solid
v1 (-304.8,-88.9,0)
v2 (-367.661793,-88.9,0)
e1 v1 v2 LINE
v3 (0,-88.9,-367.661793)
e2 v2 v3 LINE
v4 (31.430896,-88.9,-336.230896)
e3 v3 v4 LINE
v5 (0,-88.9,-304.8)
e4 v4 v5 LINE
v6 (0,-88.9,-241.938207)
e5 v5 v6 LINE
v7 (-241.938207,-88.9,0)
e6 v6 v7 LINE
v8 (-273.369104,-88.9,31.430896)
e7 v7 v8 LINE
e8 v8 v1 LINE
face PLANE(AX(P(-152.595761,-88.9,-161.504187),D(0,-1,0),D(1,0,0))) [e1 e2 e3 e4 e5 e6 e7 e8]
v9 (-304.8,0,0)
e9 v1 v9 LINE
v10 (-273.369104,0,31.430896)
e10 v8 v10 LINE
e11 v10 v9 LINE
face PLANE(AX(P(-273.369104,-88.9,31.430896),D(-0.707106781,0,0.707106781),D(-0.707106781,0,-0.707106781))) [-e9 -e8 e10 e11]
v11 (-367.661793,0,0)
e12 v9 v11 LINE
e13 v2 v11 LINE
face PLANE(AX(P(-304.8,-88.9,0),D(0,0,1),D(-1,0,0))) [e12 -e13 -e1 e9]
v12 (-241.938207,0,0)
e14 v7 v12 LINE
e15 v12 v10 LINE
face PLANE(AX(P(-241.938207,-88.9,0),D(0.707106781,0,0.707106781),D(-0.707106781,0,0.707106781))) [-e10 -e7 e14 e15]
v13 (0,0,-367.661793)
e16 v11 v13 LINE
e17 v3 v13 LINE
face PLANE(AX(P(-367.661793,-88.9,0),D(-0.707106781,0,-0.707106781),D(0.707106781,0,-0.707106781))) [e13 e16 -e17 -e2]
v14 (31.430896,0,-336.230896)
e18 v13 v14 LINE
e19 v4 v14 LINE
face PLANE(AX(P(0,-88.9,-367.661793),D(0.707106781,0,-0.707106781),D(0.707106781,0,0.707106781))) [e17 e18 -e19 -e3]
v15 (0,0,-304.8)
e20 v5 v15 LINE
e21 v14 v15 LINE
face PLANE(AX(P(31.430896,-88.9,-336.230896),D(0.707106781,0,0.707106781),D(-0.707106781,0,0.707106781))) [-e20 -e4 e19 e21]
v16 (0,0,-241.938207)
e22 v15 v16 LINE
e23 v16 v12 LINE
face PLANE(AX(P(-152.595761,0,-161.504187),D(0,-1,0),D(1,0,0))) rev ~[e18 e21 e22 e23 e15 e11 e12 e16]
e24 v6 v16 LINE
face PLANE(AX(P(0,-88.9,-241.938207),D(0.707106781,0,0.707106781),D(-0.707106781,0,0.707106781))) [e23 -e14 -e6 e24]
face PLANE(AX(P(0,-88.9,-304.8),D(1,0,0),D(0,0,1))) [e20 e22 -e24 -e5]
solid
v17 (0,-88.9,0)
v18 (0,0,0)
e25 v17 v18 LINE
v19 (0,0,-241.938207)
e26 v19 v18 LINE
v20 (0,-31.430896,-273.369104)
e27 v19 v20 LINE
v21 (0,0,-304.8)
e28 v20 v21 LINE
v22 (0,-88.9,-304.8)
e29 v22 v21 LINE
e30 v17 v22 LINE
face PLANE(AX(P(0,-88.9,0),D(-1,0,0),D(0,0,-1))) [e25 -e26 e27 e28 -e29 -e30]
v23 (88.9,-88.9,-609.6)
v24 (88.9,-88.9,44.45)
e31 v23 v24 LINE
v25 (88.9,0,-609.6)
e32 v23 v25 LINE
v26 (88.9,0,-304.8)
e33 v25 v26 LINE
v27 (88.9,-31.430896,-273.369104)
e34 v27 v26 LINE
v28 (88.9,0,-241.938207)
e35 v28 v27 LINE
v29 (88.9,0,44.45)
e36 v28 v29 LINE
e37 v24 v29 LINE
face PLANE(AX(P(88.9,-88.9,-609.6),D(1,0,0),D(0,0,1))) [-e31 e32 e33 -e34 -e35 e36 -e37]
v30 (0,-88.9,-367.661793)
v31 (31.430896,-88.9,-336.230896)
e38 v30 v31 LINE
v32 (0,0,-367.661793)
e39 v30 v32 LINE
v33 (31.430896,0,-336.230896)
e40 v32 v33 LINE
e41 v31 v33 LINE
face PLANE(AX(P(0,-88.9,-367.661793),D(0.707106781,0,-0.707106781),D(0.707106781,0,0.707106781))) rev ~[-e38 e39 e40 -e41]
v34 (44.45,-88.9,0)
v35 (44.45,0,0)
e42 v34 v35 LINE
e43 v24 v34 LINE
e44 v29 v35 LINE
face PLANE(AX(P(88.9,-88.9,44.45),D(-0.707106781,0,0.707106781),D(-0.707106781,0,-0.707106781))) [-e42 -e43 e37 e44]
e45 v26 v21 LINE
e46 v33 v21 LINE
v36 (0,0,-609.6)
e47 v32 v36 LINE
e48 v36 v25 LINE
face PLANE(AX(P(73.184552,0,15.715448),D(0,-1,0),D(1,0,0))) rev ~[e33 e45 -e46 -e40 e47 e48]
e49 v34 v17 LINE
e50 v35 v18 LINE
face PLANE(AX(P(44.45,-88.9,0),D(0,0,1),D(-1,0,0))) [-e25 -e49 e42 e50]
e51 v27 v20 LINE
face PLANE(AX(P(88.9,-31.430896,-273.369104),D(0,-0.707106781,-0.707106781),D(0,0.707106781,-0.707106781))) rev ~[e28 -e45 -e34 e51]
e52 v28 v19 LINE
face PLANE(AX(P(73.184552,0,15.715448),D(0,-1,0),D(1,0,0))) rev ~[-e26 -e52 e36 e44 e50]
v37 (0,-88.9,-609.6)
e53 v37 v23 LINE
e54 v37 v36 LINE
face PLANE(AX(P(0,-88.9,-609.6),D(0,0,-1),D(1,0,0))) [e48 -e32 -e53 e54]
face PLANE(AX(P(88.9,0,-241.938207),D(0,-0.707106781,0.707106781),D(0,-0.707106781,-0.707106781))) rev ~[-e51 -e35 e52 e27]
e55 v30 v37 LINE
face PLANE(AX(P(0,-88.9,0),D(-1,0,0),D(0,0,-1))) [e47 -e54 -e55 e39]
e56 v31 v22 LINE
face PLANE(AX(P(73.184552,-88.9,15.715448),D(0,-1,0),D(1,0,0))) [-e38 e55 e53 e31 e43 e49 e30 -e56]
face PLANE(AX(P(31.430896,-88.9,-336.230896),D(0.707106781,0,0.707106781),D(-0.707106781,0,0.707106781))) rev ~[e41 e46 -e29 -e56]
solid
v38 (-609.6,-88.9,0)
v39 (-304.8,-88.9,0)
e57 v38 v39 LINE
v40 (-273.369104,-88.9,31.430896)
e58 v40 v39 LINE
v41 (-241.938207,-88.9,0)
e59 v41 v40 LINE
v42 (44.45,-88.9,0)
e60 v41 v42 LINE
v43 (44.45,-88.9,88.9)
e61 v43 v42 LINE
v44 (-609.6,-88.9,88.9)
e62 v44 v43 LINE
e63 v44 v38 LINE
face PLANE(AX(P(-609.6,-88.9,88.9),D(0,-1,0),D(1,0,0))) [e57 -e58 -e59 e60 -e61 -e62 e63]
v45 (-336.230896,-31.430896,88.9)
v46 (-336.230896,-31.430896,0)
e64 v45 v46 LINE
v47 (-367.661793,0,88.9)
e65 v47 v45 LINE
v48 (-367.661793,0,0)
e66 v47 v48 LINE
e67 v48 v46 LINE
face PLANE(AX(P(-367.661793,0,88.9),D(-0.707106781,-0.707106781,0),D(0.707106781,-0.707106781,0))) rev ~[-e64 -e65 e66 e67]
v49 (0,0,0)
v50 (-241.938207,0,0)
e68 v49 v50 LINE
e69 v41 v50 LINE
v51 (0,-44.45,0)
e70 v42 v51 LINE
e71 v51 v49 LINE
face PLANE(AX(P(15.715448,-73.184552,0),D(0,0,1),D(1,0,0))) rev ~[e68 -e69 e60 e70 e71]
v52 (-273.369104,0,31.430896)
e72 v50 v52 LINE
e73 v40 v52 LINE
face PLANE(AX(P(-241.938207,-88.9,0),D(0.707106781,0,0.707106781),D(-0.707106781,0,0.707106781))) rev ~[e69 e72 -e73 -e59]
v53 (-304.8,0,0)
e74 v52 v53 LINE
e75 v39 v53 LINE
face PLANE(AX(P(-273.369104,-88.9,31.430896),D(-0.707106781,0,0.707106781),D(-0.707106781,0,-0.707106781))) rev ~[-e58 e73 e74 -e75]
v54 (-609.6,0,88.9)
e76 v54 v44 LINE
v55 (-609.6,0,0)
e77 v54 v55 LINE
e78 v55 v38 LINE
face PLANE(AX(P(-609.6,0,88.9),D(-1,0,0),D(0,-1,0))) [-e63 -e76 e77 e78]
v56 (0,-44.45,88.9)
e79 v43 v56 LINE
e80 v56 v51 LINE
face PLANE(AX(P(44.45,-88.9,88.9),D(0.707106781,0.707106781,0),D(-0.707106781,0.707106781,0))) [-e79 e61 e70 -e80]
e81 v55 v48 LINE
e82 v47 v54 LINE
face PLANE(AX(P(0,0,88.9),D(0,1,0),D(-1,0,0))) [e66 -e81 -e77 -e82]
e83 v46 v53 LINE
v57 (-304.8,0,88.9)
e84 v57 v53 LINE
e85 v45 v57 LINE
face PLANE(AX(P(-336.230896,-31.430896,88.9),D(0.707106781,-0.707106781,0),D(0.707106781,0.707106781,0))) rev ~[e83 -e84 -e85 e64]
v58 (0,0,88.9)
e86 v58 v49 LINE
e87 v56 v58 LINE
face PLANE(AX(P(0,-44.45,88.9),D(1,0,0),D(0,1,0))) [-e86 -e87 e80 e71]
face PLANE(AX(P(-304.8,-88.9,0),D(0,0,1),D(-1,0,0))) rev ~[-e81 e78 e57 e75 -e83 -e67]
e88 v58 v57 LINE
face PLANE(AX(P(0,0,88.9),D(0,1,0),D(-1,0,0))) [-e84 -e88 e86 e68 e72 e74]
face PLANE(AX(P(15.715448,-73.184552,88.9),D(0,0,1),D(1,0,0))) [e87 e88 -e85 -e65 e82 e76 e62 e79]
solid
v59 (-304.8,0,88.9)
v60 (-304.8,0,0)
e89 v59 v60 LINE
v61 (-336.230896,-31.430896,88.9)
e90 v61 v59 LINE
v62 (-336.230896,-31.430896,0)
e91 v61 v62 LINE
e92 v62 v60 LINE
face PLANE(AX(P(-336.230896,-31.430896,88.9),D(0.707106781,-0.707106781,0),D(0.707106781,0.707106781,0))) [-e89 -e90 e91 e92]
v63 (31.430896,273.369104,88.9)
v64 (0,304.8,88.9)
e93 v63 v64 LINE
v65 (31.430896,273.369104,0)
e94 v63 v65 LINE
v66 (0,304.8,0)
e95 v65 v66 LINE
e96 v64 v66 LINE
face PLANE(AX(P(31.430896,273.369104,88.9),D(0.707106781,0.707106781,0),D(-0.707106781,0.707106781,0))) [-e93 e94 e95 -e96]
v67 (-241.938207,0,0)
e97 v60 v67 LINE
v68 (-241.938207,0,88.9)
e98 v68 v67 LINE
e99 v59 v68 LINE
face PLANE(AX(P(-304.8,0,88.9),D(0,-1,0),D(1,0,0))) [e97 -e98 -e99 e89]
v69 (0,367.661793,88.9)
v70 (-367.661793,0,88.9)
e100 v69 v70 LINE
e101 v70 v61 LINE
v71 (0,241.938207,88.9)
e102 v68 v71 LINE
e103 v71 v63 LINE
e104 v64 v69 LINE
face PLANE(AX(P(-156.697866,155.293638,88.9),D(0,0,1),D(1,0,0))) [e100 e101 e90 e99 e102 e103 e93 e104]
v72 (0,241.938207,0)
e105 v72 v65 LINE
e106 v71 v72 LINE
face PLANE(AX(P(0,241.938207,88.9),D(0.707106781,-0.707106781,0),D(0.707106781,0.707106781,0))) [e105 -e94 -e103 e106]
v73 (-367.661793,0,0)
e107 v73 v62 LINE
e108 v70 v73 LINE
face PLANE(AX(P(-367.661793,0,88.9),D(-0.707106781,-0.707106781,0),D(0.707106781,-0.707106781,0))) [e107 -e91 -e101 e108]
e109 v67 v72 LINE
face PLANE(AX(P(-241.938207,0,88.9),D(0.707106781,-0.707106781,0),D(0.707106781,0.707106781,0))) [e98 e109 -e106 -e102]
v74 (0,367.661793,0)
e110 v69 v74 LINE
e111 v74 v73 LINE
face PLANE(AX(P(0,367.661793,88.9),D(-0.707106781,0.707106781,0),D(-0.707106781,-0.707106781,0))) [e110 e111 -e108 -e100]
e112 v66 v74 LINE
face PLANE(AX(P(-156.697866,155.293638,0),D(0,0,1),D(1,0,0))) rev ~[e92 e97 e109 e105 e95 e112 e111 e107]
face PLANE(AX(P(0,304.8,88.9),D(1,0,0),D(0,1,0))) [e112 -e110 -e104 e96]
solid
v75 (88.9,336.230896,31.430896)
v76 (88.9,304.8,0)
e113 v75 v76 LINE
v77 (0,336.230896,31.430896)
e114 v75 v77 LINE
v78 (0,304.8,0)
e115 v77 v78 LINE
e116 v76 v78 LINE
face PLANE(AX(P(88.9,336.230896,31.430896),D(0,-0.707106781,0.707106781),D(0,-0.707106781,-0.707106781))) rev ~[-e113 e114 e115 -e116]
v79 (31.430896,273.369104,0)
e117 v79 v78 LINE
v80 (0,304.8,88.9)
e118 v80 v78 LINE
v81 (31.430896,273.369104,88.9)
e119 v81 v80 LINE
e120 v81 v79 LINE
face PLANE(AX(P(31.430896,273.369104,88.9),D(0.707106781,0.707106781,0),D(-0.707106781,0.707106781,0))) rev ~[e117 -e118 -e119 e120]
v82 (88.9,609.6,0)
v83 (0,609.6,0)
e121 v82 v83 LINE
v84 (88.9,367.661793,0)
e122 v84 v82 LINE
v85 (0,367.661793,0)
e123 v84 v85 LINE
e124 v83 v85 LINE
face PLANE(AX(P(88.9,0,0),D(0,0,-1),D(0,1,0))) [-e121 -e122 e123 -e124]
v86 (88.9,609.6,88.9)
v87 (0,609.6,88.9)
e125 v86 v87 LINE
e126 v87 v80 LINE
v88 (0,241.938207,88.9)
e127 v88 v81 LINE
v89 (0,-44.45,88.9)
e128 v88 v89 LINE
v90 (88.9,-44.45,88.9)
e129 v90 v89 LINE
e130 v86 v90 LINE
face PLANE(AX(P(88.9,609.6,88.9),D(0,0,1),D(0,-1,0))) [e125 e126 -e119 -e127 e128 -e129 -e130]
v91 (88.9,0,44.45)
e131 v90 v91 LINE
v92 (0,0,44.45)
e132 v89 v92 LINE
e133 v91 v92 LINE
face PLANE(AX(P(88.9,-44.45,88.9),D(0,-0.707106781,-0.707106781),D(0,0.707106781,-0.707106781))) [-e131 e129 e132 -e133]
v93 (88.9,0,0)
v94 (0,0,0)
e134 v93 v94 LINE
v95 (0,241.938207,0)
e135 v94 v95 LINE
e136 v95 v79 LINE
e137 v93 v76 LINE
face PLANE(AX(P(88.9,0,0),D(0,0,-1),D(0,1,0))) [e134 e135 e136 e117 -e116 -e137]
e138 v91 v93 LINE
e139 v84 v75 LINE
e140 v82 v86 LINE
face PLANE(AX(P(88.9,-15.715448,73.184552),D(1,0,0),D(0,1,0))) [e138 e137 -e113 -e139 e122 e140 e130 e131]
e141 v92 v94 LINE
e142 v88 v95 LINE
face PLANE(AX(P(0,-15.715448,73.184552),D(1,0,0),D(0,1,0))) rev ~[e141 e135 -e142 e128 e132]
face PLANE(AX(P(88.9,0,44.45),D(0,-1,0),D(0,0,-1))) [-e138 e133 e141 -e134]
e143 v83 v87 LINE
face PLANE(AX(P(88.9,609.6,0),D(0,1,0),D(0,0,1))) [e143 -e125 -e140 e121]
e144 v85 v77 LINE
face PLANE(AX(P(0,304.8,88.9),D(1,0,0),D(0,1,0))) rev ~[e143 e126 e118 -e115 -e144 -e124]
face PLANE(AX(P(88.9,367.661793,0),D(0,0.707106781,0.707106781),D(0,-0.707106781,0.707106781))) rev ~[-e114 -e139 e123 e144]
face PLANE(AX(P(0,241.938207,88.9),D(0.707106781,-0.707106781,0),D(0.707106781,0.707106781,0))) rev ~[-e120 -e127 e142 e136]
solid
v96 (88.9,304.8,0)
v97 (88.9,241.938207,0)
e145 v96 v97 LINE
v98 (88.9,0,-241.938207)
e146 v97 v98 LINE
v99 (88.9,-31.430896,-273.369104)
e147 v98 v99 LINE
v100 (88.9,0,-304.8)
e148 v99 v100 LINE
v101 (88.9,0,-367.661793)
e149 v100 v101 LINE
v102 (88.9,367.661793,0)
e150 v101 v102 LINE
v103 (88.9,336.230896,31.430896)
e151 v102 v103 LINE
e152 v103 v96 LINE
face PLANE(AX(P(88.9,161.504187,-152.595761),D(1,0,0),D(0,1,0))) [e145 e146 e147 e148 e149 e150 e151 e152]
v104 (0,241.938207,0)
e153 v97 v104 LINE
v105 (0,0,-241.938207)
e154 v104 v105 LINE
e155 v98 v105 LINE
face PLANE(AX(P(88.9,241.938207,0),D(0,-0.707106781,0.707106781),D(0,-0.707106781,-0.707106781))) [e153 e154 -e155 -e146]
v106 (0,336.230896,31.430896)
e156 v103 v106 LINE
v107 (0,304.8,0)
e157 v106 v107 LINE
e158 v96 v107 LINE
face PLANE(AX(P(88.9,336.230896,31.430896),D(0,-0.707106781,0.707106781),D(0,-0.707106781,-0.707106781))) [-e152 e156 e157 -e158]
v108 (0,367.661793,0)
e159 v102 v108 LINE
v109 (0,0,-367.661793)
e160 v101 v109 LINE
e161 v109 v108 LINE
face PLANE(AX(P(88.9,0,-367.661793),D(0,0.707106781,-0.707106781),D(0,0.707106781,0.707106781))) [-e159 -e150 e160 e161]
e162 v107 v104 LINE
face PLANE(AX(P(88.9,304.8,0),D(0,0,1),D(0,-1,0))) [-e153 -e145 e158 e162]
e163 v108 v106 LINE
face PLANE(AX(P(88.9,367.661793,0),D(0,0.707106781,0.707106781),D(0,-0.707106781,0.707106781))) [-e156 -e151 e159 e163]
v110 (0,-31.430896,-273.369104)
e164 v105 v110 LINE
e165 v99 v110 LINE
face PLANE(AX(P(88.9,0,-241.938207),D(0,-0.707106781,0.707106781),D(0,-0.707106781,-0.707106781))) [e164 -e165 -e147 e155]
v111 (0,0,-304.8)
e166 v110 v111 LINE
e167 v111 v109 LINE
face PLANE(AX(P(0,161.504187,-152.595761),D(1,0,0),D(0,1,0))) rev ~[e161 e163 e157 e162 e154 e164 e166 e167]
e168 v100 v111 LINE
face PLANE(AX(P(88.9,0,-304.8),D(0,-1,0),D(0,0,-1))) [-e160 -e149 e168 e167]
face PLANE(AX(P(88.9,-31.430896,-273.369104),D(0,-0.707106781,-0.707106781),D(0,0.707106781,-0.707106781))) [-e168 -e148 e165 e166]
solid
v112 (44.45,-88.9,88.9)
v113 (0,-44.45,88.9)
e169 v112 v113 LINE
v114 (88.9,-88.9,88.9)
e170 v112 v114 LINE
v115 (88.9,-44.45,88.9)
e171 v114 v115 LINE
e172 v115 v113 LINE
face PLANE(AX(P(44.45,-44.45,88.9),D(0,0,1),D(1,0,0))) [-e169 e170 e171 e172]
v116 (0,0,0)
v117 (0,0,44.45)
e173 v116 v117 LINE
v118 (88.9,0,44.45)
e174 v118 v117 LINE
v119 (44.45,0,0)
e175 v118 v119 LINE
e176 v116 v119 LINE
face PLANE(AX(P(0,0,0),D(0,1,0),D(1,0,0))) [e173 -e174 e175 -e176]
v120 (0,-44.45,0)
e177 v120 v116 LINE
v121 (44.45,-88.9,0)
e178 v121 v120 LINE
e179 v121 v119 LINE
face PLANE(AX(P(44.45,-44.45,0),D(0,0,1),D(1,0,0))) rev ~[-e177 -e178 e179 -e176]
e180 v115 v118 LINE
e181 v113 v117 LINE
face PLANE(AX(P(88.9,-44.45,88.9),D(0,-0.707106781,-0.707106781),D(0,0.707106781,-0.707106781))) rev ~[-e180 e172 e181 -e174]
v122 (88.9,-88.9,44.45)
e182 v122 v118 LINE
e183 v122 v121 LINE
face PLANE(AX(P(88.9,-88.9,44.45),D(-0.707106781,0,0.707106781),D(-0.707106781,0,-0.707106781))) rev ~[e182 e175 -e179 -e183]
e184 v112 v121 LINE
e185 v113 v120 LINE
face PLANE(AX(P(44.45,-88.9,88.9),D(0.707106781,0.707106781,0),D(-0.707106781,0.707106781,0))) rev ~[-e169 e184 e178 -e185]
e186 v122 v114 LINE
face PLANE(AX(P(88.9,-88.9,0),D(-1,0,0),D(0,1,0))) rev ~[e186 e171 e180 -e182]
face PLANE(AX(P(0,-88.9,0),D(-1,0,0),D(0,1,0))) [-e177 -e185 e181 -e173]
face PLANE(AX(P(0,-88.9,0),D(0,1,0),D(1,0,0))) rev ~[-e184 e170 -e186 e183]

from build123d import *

# Parameters (mm, degrees)
F0_W      = 88.9
F0_H      = 88.9
F1_DEPTH  = 88.9
F5_DEPTH  = 88.9
F6_DEPTH  = 88.9
F7_DEPTH  = 88.9
F12_DEPTH = 88.9
F13_DEPTH = 88.9
F14_DEPTH = 88.9


with BuildPart() as f1:
    # F0 (on Top) → F1 (new body)
    with BuildSketch(Plane.XY):
        with Locations((44.45, -44.45)):
            Rectangle(F0_W, F0_H)
    extrude(amount=F1_DEPTH)


with BuildPart() as f5:
    # F2 (on face) → F5 (new body)
    with BuildSketch(Plane.XY.offset(88.9)):
        Polygon((44.45, -88.9), (0, -44.45), (0, -88.9), align=None)
        Polygon((0, -88.9), (0, -44.45), (0, 0), (-609.6, 0), (-609.6, -88.9), align=None)
    extrude(amount=-F5_DEPTH)


with BuildPart() as f6:
    # F3 (on face) → F6 (new body)
    with BuildSketch(Plane.XZ.offset(88.9)):
        Polygon((88.9, 44.45), (44.45, 0), (88.9, 0), align=None)
        Polygon((88.9, 0), (44.45, 0), (0, 0), (0, -609.6), (88.9, -609.6), align=None)
    extrude(amount=-F6_DEPTH)


with BuildPart() as f7:
    # F4 (on face) → F7 (new body)
    with BuildSketch(Plane.YZ.offset(88.9)):
        Polygon((-44.45, 88.9), (0, 44.45), (0, 88.9), align=None)
        Polygon((0, 88.9), (0, 44.45), (0, 0), (609.6, 0), (609.6, 88.9), align=None)
    extrude(amount=-F7_DEPTH)


with BuildPart() as f1_1:
    add(f1.part)

    # F8: cut F5, F7, F6
    add(f5.part, mode=Mode.SUBTRACT)
    add(f7.part, mode=Mode.SUBTRACT)
    add(f6.part, mode=Mode.SUBTRACT)


with BuildPart() as f12:
    # F9 (on face) → F12 (new body)
    with BuildSketch(Plane.XY.offset(88.9)):
        Polygon((-304.8, 0), (-241.9382071525, 0), (0, 241.9382071525), (31.4308964237, 273.3691035763), (0, 304.8), (0, 367.6617928475), (-367.6617928475, 0), (-336.2308964237, -31.4308964237), align=None)
    extrude(amount=-F12_DEPTH)


with BuildPart() as f13:
    # F10 (on face) → F13 (new body)
    with BuildSketch(Plane.XZ.offset(88.9)):
        Polygon((0, -304.8), (0, -241.9382071525), (-241.9382071525, 0), (-304.8, 0), (-367.6617928475, 0), (0, -367.6617928475), (31.4308964237, -336.2308964237), align=None)
        Polygon((-304.8, 0), (-241.9382071525, 0), (-273.3691035763, 31.4308964237), align=None)
    extrude(amount=-F13_DEPTH)


with BuildPart() as f14:
    # F11 (on face) → F14 (new body)
    with BuildSketch(Plane.YZ.offset(88.9)):
        Polygon((241.9382071525, 0), (0, -241.9382071525), (0, -304.8), (0, -367.6617928475), (367.6617928475, 0), (336.2308964237, 31.4308964237), (304.8, 0), align=None)
        Polygon((0, -304.8), (0, -241.9382071525), (-31.4308964237, -273.3691035763), align=None)
    extrude(amount=-F14_DEPTH)


with BuildPart() as f6_1:
    add(f6.part)

    # F15: cut F13, F12, F14
    add(f13.part, mode=Mode.SUBTRACT)
    add(f12.part, mode=Mode.SUBTRACT)
    add(f14.part, mode=Mode.SUBTRACT)


with BuildPart() as f5_1:
    add(f5.part)

    # F15: cut F13, F12, F14
    add(f13.part, mode=Mode.SUBTRACT)
    add(f12.part, mode=Mode.SUBTRACT)
    add(f14.part, mode=Mode.SUBTRACT)


with BuildPart() as f7_1:
    add(f7.part)

    # F15: cut F13, F12, F14
    add(f13.part, mode=Mode.SUBTRACT)
    add(f12.part, mode=Mode.SUBTRACT)
    add(f14.part, mode=Mode.SUBTRACT)


solid = Compound([f1_1.part, f12.part, f13.part, f14.part, f6_1.part, f5_1.part, f7_1.part])
